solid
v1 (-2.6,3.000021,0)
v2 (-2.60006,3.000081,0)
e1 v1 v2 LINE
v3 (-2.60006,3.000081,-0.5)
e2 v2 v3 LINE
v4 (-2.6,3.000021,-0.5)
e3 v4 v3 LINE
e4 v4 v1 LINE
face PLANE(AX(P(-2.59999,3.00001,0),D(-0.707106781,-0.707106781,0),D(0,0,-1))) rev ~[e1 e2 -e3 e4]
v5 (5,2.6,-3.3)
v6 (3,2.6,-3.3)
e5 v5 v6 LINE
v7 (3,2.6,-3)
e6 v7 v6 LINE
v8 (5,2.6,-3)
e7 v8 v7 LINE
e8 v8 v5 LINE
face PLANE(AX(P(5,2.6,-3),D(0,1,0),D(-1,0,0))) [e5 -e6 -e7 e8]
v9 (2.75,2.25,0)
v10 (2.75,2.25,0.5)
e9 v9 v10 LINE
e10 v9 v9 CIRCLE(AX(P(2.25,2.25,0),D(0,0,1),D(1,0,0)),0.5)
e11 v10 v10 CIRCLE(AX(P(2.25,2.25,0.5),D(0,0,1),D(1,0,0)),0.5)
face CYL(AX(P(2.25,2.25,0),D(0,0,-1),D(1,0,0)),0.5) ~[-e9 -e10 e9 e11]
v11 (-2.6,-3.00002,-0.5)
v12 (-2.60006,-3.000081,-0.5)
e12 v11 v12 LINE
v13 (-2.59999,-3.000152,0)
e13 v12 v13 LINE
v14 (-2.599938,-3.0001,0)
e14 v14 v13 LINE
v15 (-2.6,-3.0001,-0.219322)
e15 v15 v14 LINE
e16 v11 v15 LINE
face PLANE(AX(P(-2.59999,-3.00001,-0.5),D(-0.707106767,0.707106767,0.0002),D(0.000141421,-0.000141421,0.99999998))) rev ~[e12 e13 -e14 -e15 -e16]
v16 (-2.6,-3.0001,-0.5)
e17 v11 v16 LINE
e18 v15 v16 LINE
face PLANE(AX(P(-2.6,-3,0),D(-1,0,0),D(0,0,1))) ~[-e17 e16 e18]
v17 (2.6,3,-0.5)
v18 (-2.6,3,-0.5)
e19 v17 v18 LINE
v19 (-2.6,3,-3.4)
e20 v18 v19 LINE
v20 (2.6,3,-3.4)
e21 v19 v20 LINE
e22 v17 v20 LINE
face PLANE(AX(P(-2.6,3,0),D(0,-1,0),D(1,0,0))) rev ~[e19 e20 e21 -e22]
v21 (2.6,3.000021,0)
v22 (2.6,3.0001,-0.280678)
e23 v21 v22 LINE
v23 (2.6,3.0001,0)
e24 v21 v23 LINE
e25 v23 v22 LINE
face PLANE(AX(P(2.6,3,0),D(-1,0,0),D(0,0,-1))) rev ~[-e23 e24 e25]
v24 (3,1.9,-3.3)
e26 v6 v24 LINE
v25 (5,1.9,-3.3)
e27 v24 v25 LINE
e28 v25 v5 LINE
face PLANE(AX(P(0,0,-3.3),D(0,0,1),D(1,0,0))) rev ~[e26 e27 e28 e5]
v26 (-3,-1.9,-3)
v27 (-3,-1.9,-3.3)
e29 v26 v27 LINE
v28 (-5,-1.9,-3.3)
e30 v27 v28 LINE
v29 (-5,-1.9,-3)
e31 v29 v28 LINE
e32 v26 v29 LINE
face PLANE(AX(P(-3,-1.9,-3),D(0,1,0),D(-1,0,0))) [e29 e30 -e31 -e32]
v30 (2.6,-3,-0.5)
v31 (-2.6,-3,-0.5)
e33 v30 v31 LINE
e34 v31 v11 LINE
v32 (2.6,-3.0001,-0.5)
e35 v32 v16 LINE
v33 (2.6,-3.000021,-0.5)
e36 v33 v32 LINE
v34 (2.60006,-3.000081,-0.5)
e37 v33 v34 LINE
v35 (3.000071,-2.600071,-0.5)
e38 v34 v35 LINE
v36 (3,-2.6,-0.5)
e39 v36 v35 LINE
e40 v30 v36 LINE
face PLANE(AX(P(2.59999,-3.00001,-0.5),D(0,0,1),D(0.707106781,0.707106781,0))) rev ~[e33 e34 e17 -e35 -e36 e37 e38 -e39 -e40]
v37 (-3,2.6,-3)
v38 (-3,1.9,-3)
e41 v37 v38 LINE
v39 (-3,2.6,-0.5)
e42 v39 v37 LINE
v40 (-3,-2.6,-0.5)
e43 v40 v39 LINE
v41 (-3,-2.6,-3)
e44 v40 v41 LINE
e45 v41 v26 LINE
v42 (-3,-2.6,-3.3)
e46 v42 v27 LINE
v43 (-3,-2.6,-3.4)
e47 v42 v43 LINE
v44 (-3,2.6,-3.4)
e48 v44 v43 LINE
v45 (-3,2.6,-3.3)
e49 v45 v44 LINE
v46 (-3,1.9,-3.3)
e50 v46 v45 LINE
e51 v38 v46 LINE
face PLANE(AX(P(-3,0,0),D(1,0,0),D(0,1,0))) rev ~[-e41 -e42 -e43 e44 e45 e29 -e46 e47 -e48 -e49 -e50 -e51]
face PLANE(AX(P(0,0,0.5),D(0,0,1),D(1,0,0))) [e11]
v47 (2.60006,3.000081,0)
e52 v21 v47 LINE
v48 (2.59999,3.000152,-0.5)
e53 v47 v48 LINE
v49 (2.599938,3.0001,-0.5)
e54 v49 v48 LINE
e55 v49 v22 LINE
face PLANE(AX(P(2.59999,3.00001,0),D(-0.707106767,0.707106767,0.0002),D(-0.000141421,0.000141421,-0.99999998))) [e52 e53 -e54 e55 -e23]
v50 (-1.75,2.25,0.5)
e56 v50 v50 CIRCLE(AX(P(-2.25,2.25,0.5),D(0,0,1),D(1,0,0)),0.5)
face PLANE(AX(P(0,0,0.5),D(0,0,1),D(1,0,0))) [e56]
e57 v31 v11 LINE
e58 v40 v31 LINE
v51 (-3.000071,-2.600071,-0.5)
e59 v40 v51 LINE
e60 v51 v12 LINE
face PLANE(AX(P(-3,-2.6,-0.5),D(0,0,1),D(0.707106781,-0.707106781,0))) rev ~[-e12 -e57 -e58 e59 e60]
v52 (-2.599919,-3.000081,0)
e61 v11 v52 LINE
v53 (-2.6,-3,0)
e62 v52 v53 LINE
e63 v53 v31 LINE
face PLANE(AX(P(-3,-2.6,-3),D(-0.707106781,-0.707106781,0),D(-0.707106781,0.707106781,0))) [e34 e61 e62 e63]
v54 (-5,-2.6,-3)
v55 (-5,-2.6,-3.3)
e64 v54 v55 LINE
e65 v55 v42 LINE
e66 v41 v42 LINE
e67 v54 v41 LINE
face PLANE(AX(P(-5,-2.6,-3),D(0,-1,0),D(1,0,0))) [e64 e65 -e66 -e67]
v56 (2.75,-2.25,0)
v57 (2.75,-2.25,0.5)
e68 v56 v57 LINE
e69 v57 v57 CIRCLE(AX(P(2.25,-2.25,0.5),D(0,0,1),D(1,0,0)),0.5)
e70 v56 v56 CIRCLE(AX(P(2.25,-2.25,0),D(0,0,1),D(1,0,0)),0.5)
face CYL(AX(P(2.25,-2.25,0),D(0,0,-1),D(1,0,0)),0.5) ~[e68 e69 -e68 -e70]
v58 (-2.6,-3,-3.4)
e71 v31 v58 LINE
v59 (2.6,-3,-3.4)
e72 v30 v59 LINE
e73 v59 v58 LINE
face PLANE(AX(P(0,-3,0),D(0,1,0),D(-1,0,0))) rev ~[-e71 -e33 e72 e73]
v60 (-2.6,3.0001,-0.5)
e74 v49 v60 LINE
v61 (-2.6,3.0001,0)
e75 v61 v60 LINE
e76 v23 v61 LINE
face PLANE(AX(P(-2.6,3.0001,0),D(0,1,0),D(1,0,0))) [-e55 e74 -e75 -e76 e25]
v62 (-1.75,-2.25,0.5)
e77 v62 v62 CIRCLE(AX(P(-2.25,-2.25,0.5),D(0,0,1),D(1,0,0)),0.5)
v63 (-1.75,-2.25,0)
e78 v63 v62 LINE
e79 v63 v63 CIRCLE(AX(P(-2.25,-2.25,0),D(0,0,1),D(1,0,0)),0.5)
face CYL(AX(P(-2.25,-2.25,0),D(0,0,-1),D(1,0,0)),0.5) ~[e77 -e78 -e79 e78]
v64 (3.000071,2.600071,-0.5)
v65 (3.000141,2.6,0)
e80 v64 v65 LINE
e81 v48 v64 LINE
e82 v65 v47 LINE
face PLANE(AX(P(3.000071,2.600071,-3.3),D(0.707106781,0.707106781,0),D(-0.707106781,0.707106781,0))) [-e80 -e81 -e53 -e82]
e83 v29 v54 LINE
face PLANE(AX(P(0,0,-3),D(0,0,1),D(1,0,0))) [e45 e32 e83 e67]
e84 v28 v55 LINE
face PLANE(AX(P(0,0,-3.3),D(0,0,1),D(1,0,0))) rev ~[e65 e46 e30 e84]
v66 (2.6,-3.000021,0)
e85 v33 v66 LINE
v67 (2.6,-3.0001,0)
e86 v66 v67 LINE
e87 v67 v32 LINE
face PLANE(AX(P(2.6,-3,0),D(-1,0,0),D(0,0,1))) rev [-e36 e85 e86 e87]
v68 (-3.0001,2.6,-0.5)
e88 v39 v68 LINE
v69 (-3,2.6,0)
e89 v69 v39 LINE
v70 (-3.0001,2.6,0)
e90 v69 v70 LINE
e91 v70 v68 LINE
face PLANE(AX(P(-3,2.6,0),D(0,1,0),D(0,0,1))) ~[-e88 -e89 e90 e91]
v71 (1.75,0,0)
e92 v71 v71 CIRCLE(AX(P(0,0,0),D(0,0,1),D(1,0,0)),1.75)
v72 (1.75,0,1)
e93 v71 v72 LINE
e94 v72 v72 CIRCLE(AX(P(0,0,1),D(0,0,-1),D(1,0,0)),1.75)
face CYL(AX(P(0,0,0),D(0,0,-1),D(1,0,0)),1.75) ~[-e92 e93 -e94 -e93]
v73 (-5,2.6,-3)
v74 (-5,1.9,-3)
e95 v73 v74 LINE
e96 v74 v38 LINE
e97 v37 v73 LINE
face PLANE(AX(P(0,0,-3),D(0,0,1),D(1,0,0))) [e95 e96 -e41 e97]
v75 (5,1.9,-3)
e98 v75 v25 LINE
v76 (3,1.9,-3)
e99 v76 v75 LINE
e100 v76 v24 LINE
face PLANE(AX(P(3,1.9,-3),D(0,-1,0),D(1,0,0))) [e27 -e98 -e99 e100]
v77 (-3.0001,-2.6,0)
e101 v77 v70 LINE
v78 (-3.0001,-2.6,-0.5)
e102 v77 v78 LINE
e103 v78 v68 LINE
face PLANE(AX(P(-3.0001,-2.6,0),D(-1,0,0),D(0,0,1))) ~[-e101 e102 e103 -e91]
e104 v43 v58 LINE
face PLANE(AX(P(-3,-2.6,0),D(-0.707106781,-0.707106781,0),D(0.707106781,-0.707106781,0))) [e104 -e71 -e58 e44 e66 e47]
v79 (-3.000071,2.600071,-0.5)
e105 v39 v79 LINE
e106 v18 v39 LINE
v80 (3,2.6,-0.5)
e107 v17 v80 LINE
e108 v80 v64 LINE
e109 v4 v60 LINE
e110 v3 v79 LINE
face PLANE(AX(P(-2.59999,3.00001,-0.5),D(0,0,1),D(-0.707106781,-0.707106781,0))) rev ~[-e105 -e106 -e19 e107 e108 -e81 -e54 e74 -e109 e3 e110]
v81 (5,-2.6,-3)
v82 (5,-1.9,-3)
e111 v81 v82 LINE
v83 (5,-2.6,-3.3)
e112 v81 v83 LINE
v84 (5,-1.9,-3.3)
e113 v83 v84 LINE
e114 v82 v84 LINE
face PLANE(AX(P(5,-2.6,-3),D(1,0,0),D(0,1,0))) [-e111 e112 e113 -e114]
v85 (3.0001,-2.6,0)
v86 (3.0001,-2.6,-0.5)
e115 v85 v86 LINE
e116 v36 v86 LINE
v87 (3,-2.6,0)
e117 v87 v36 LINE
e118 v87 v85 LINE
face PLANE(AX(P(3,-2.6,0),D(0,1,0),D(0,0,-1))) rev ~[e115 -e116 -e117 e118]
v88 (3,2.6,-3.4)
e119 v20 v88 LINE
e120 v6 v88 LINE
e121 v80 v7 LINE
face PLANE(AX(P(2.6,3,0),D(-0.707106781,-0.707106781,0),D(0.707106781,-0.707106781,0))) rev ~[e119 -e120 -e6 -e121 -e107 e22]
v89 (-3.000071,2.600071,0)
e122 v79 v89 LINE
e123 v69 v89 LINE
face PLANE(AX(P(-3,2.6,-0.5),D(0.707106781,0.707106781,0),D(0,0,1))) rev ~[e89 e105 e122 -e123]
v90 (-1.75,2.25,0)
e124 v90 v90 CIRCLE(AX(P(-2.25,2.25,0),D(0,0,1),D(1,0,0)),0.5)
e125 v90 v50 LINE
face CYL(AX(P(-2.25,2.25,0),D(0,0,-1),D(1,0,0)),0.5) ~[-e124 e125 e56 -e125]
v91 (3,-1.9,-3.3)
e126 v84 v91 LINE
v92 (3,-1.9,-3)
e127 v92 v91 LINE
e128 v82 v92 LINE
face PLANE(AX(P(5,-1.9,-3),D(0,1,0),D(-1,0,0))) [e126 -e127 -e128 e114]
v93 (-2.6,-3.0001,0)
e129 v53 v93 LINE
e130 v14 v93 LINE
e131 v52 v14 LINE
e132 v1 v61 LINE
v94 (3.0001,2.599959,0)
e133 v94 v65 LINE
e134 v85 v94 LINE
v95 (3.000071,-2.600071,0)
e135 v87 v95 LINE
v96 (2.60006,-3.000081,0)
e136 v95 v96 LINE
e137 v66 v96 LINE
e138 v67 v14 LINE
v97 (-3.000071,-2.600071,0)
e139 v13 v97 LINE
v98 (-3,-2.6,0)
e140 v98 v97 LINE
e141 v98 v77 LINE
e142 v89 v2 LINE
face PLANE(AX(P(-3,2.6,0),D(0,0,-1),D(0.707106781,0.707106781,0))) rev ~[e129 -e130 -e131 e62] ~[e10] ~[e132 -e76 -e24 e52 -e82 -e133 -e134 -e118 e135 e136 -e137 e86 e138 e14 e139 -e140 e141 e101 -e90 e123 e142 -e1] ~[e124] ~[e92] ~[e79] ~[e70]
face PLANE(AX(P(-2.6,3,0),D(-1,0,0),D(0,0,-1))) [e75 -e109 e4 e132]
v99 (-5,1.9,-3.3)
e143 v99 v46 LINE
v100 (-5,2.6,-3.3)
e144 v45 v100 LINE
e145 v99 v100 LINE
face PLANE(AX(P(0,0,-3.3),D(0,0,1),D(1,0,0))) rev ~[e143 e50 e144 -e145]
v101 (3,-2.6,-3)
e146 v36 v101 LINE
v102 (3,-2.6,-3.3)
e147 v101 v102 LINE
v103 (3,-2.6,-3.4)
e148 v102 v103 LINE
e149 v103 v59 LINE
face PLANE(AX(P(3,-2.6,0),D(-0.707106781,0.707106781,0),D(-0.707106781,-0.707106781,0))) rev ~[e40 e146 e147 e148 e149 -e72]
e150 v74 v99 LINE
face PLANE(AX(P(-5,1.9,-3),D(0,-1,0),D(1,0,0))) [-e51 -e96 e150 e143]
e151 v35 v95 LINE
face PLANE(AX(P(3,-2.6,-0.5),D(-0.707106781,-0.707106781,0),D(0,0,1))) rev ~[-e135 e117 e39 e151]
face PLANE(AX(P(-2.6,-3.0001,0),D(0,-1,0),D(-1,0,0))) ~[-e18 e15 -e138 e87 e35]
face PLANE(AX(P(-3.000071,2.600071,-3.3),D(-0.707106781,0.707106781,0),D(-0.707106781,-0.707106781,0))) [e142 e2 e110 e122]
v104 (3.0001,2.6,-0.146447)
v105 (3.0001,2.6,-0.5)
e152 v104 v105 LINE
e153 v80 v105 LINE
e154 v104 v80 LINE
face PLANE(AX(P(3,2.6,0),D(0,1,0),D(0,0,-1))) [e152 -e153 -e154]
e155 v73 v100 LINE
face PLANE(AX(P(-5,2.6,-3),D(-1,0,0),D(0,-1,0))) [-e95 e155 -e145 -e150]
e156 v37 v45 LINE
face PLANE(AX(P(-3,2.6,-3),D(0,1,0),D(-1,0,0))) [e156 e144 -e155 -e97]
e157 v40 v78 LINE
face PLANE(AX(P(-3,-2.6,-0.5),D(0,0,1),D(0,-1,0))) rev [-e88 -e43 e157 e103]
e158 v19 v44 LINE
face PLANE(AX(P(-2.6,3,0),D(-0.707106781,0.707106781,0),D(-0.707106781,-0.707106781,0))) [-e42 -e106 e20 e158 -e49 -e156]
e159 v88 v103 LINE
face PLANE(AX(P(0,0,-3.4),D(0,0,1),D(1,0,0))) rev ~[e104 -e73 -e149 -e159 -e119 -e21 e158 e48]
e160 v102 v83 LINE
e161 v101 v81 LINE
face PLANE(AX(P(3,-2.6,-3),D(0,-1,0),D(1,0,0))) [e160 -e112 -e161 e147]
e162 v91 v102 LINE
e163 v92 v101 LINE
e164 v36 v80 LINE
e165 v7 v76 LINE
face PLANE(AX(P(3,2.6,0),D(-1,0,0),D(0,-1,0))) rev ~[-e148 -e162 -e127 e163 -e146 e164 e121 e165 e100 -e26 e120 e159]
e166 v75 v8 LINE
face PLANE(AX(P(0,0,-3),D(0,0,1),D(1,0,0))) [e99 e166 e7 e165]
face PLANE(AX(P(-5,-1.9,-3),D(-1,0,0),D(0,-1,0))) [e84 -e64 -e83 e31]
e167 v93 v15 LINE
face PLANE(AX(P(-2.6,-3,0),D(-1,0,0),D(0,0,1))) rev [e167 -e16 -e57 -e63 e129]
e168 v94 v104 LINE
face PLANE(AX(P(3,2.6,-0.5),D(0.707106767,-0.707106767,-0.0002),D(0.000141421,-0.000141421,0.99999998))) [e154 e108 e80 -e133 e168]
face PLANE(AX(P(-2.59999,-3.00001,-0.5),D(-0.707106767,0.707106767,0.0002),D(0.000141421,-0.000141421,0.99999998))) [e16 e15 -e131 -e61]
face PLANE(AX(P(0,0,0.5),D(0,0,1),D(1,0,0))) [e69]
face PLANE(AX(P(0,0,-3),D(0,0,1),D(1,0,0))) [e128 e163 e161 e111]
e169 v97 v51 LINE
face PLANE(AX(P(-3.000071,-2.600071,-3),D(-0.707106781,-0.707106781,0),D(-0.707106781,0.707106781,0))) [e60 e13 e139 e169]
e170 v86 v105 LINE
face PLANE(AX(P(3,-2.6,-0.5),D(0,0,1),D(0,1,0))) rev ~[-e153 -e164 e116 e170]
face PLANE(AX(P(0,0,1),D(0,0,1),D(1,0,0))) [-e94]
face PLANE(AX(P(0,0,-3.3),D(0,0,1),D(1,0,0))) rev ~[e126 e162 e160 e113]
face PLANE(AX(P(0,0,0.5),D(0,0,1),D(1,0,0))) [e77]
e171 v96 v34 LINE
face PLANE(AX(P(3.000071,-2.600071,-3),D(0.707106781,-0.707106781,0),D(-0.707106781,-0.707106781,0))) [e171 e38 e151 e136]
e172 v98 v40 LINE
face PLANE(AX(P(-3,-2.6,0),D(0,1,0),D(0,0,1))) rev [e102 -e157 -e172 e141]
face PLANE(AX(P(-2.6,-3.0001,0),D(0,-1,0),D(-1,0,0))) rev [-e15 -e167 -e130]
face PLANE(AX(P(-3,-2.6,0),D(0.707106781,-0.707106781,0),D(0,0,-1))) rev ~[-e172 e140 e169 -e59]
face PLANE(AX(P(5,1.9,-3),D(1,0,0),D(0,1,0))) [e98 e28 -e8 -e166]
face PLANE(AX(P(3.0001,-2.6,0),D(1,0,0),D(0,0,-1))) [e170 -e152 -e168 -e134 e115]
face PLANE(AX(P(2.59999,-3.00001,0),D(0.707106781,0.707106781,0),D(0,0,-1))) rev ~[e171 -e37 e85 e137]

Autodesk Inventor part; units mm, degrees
ref_plane "YZ Plane" through (0, 0, 0) normal (1, 0, 0) x (0, 1, 0)
ref_plane "XZ Plane" through (0, 0, 0) normal (0, 1, 0) x (-1, 0, 0)
sketch "Boceto1" plane through (0, 0, 0) normal (0, 0, 1) x (1, 0, 0)
  line L0 (-7.8, 0) -> (4.8, 0) projected
  line L1 (0, -4.2) -> (0, 4.2) projected
  line L2 (-2.6, 3) -> (2.6, 3)
  line L3 (3, 2.6) -> (3, -2.6)
  line L4 (2.6, -3) -> (-2.6, -3)
  line L5 (-3, -2.6) -> (-3, 2.6)
  circle A0 centre (-2.25, 2.25) radius 0.5
  circle A1 centre (-2.25, -2.25) radius 0.5
  circle A2 centre (2.25, 2.25) radius 0.5
  circle A3 centre (2.25, -2.25) radius 0.5
  circle A4 centre (0, 0) radius 1.75
  line L6 (-2.6, 3) -> (-3, 2.6)
  line L7 (2.6, 3) -> (3, 2.6)
  line L8 (3, -2.6) -> (2.6, -3)
  line L9 (-3, -2.6) -> (-2.6, -3)
  point P0 (-3, 3)
  point P1 (3, -3)
  point P2 (3, 3)
  point P3 (-3, -3)
  dimension "d0" = 6
  dimension "d1" = 6
  dimension "d2" = 4.5
  dimension "d4" = 4.5
  dimension "d5" = 1
  dimension "d6" = 3.5
  dimension "d7" = 0.4
  dimension "d8" = 0.4
  dimension "d9" = 0.4
  dimension "d10" = 0.4
  dimension "d11" = 0.4
  dimension "d12" = 0.4
  dimension "d13" = 0.4
  dimension "d14" = 0.4
extrude "Extrusión1" add sketch "Boceto1" against normal blind 3.4 contours L5 L6 L2 L1 A4 L0 | L0 A4 L1 L4 L9 L5 | A4 L1 L0 | L0 L1 A4 | L1 A4 L0 | L0 A4 L1 | L1 L2 L7 L3 L0 A4 | A4 L0 L3 L8 L4 L1 | A0 | A1 | A2 | A3
extrude "Extrusión2" add sketch "Boceto1" along normal blind 0.5 contours A0 | A1 | A2 | A3
extrude "Extrusión3" add sketch "Boceto1" along normal blind 1 contours A4 L1 L0 | L0 L1 A4 | L1 A4 L0 | L0 A4 L1
ref_plane "Plano de trabajo1" through (0, 0, -3) normal (0, 0, 1) x (1, 0, 0)
sketch "Boceto2" plane through (0, 0, -3) normal (0, 0, 1) x (1, 0, 0)
  line L0 (-3, 2.6) -> (-2.6, 3) projected
  line L1 (-2.6, 3) -> (2.6, 3) projected
  line L2 (2.6, 3) -> (3, 2.6) projected
  line L3 (3, 2.6) -> (3, -2.6) projected
  line L4 (3, -2.6) -> (2.6, -3) projected
  line L5 (2.6, -3) -> (-2.6, -3) projected
  line L6 (-2.6, -3) -> (-3, -2.6) projected
  line L7 (-3, -2.6) -> (-3, 2.6) projected
  line L8 (-3, 2.6) -> (-5, 2.6)
  line L9 (-5, 2.6) -> (-5, 1.9)
  line L10 (-5, 1.9) -> (-3, 1.9)
  line L11 (-3, 1.9) -> (-3, 2.6)
  line L12 (-5, 2.25) -> (-3, 2.25)
  line L13 (-7.8, 0) -> (4.8, 0) projected
  line L14 (0, -4.2) -> (0, 4.2) projected
  line L15 (-3, -1.9) -> (-5, -1.9)
  line L16 (-5, -1.9) -> (-5, -2.6)
  line L17 (-5, -2.6) -> (-3, -2.6)
  line L18 (-3, -2.6) -> (-3, -1.9)
  line L19 (5, 2.6) -> (3, 2.6)
  line L20 (3, 2.6) -> (3, 1.9)
  line L21 (3, 1.9) -> (5, 1.9)
  line L22 (5, 1.9) -> (5, 2.6)
  line L23 (5, -1.9) -> (3, -1.9)
  line L24 (3, -1.9) -> (3, -2.6)
  line L25 (3, -2.6) -> (5, -2.6)
  line L26 (5, -2.6) -> (5, -1.9)
  point P0 (0, 0)
  point P1 (-5, -2.25)
  point P2 (-3, -2.25)
  point P3 (3, 2.25)
  point P4 (5, 2.25)
  point P5 (3, -2.25)
  point P6 (5, -2.25)
  dimension "d22" = 2
  dimension "d23" = 0.7
  dimension "d24" = 0.75
  dimension "d27" = 4.5
  dimension "d30" = 8
extrude "Extrusión4" add sketch "Boceto2" against normal blind 0.3 contours L7 L12 L9 L8 | L7 L10 L9 L12 | L19 L22 L21 L3 | L7 L17 L16 L15 | L23 L26 L25 L3
sketch "Boceto3" plane through (-2.6, 3, 0) normal (0, 1, 0) x (1, 0, 0)
  line L0 (5.2, 0) -> (0, 0) projected
  line L1 (5.2, 0) -> (5.2, 3.4) projected
  line L2 (0, 3.4) -> (5.2, 3.4) projected
  line L3 (0, 0) -> (0, 3.4) projected
  line L4 (5.2, 0.5) -> (0, 0.5)
  line L5 (0, 0) -> (0, 3.4) projected
  point P0 (2.6, 0)
  dimension "d35" = 0.5
extrude "Extrusión5" add sketch "Boceto3" along normal blind 0.0001 contours L0 L3 L4 L1
mirror "Simetría1" about plane through (0, 0, 0) normal (0, 1, 0) of "Extrusión5"
sketch "Boceto4" plane through (3, -2.6, 0) normal (1, 0, 0) x (0, 0, -1)
  line L0 (3.3, 5.2) -> (3.3, 4.5) projected
  line L1 (3.3, 4.5) -> (3, 4.5) projected
  line L2 (3, 4.5) -> (3, 5.2) projected
  line L3 (0, 5.2) -> (3, 5.2) projected
  line L4 (0, 0) -> (0, 5.2) projected
  line L5 (0, 0) -> (3, 0) projected
  line L6 (3, 0) -> (3, 0.7) projected
  line L7 (3, 0.7) -> (3.3, 0.7) projected
  line L8 (3.3, 0.7) -> (3.3, 0) projected
  line L9 (3.3, 0) -> (3.4, 0) projected
  line L10 (3.4, 5.2) -> (3.4, 0) projected
  line L11 (3.3, 5.2) -> (3.4, 5.2) projected
  line L12 (0.5, 0) -> (0.5, 5.2)
  point P0 (0, 2.6)
  dimension "d38" = 0.5
extrude "Extrusión6" add sketch "Boceto4" along normal blind 0.0001 contours L12 L5 L4 L3
mirror "Simetría2" about plane through (0, 0, 0) normal (1, 0, 0) of "Extrusión6"
sketch "Boceto5" plane through (3, -2.6, -3) normal (0.7071, -0.7071, 0) x (-0.7071, -0.7071, 0)
  line L0 (0.5657, -2.5) -> (0, -2.5)
  line L1 (0, -2.5) -> (0, -3)
  line L2 (0, -3) -> (0, -2.5) projected
  line L3 (0, -3) -> (0.5657, -3)
  line L4 (0.5657, -3) -> (0, -3) projected
  line L5 (0.5657, -3) -> (0.5657, -2.5)
  line L6 (0.5657, -3) -> (0.5657, -2.5) projected
  point P0 (0.2828, -3)
extrude "Extrusión7" add sketch "Boceto5" along normal blind 0.0001
sketch "Boceto6" plane through (3, 2.6, -3.3) normal (0.7071, 0.7071, 0) x (-0.7071, 0.7071, 0)
  line L0 (-0.0001, 3.3) -> (0.5657, 3.3)
  line L1 (0.5657, 3.3) -> (0, 3.3) projected
  line L2 (0.5658, 3.3) -> (0.5658, 2.8) projected
  line L3 (0.5657, 3.3) -> (0.5658, 2.8)
  line L4 (0.5658, 2.8) -> (0, 2.8)
  line L5 (0, 2.8) -> (-0.0001, 3.3)
  point P0 (0.2828, 3.3)
extrude "Extrusión8" add sketch "Boceto6" along normal blind 0.0001
sketch "Boceto7" plane through (-3, -2.6, -3) normal (-0.7071, -0.7071, 0) x (-0.7071, 0.7071, 0)
  line L0 (0, -2.5) -> (-0.5657, -2.5)
  line L1 (-0.5658, -2.5) -> (-0.5658, -3) projected
  line L2 (-0.5657, -2.5) -> (-0.5658, -3)
  line L3 (-0.5658, -3) -> (0, -3)
  line L4 (0, -3) -> (-0.5657, -3) projected
  line L5 (0, -3) -> (0, -2.5)
  point P0 (-0.2828, -3)
extrude "Extrusión9" add sketch "Boceto7" along normal blind 0.0001
sketch "Boceto8" plane through (-3, 2.6, -3.3) normal (-0.7071, 0.7071, 0) x (-0.7071, -0.7071, 0)
  line L0 (0, 3.3) -> (-0.5657, 3.3)
  line L1 (-0.5657, 3.3) -> (0, 3.3) projected
  line L2 (-0.5657, 3.3) -> (-0.5657, 2.8)
  line L3 (-0.5657, 2.8) -> (0, 2.8)
  line L4 (-0.5657, 2.8) -> (0, 2.8) projected
  line L5 (0, 2.8) -> (0, 3.3)
  line L6 (0, 3.3) -> (0, 2.8) projected
  point P0 (-0.2828, 3.3)
extrude "Extrusión10" add sketch "Boceto8" along normal blind 0.0001
equation "\"d10\" = d9"
properties part number "PZ_PushButton"
